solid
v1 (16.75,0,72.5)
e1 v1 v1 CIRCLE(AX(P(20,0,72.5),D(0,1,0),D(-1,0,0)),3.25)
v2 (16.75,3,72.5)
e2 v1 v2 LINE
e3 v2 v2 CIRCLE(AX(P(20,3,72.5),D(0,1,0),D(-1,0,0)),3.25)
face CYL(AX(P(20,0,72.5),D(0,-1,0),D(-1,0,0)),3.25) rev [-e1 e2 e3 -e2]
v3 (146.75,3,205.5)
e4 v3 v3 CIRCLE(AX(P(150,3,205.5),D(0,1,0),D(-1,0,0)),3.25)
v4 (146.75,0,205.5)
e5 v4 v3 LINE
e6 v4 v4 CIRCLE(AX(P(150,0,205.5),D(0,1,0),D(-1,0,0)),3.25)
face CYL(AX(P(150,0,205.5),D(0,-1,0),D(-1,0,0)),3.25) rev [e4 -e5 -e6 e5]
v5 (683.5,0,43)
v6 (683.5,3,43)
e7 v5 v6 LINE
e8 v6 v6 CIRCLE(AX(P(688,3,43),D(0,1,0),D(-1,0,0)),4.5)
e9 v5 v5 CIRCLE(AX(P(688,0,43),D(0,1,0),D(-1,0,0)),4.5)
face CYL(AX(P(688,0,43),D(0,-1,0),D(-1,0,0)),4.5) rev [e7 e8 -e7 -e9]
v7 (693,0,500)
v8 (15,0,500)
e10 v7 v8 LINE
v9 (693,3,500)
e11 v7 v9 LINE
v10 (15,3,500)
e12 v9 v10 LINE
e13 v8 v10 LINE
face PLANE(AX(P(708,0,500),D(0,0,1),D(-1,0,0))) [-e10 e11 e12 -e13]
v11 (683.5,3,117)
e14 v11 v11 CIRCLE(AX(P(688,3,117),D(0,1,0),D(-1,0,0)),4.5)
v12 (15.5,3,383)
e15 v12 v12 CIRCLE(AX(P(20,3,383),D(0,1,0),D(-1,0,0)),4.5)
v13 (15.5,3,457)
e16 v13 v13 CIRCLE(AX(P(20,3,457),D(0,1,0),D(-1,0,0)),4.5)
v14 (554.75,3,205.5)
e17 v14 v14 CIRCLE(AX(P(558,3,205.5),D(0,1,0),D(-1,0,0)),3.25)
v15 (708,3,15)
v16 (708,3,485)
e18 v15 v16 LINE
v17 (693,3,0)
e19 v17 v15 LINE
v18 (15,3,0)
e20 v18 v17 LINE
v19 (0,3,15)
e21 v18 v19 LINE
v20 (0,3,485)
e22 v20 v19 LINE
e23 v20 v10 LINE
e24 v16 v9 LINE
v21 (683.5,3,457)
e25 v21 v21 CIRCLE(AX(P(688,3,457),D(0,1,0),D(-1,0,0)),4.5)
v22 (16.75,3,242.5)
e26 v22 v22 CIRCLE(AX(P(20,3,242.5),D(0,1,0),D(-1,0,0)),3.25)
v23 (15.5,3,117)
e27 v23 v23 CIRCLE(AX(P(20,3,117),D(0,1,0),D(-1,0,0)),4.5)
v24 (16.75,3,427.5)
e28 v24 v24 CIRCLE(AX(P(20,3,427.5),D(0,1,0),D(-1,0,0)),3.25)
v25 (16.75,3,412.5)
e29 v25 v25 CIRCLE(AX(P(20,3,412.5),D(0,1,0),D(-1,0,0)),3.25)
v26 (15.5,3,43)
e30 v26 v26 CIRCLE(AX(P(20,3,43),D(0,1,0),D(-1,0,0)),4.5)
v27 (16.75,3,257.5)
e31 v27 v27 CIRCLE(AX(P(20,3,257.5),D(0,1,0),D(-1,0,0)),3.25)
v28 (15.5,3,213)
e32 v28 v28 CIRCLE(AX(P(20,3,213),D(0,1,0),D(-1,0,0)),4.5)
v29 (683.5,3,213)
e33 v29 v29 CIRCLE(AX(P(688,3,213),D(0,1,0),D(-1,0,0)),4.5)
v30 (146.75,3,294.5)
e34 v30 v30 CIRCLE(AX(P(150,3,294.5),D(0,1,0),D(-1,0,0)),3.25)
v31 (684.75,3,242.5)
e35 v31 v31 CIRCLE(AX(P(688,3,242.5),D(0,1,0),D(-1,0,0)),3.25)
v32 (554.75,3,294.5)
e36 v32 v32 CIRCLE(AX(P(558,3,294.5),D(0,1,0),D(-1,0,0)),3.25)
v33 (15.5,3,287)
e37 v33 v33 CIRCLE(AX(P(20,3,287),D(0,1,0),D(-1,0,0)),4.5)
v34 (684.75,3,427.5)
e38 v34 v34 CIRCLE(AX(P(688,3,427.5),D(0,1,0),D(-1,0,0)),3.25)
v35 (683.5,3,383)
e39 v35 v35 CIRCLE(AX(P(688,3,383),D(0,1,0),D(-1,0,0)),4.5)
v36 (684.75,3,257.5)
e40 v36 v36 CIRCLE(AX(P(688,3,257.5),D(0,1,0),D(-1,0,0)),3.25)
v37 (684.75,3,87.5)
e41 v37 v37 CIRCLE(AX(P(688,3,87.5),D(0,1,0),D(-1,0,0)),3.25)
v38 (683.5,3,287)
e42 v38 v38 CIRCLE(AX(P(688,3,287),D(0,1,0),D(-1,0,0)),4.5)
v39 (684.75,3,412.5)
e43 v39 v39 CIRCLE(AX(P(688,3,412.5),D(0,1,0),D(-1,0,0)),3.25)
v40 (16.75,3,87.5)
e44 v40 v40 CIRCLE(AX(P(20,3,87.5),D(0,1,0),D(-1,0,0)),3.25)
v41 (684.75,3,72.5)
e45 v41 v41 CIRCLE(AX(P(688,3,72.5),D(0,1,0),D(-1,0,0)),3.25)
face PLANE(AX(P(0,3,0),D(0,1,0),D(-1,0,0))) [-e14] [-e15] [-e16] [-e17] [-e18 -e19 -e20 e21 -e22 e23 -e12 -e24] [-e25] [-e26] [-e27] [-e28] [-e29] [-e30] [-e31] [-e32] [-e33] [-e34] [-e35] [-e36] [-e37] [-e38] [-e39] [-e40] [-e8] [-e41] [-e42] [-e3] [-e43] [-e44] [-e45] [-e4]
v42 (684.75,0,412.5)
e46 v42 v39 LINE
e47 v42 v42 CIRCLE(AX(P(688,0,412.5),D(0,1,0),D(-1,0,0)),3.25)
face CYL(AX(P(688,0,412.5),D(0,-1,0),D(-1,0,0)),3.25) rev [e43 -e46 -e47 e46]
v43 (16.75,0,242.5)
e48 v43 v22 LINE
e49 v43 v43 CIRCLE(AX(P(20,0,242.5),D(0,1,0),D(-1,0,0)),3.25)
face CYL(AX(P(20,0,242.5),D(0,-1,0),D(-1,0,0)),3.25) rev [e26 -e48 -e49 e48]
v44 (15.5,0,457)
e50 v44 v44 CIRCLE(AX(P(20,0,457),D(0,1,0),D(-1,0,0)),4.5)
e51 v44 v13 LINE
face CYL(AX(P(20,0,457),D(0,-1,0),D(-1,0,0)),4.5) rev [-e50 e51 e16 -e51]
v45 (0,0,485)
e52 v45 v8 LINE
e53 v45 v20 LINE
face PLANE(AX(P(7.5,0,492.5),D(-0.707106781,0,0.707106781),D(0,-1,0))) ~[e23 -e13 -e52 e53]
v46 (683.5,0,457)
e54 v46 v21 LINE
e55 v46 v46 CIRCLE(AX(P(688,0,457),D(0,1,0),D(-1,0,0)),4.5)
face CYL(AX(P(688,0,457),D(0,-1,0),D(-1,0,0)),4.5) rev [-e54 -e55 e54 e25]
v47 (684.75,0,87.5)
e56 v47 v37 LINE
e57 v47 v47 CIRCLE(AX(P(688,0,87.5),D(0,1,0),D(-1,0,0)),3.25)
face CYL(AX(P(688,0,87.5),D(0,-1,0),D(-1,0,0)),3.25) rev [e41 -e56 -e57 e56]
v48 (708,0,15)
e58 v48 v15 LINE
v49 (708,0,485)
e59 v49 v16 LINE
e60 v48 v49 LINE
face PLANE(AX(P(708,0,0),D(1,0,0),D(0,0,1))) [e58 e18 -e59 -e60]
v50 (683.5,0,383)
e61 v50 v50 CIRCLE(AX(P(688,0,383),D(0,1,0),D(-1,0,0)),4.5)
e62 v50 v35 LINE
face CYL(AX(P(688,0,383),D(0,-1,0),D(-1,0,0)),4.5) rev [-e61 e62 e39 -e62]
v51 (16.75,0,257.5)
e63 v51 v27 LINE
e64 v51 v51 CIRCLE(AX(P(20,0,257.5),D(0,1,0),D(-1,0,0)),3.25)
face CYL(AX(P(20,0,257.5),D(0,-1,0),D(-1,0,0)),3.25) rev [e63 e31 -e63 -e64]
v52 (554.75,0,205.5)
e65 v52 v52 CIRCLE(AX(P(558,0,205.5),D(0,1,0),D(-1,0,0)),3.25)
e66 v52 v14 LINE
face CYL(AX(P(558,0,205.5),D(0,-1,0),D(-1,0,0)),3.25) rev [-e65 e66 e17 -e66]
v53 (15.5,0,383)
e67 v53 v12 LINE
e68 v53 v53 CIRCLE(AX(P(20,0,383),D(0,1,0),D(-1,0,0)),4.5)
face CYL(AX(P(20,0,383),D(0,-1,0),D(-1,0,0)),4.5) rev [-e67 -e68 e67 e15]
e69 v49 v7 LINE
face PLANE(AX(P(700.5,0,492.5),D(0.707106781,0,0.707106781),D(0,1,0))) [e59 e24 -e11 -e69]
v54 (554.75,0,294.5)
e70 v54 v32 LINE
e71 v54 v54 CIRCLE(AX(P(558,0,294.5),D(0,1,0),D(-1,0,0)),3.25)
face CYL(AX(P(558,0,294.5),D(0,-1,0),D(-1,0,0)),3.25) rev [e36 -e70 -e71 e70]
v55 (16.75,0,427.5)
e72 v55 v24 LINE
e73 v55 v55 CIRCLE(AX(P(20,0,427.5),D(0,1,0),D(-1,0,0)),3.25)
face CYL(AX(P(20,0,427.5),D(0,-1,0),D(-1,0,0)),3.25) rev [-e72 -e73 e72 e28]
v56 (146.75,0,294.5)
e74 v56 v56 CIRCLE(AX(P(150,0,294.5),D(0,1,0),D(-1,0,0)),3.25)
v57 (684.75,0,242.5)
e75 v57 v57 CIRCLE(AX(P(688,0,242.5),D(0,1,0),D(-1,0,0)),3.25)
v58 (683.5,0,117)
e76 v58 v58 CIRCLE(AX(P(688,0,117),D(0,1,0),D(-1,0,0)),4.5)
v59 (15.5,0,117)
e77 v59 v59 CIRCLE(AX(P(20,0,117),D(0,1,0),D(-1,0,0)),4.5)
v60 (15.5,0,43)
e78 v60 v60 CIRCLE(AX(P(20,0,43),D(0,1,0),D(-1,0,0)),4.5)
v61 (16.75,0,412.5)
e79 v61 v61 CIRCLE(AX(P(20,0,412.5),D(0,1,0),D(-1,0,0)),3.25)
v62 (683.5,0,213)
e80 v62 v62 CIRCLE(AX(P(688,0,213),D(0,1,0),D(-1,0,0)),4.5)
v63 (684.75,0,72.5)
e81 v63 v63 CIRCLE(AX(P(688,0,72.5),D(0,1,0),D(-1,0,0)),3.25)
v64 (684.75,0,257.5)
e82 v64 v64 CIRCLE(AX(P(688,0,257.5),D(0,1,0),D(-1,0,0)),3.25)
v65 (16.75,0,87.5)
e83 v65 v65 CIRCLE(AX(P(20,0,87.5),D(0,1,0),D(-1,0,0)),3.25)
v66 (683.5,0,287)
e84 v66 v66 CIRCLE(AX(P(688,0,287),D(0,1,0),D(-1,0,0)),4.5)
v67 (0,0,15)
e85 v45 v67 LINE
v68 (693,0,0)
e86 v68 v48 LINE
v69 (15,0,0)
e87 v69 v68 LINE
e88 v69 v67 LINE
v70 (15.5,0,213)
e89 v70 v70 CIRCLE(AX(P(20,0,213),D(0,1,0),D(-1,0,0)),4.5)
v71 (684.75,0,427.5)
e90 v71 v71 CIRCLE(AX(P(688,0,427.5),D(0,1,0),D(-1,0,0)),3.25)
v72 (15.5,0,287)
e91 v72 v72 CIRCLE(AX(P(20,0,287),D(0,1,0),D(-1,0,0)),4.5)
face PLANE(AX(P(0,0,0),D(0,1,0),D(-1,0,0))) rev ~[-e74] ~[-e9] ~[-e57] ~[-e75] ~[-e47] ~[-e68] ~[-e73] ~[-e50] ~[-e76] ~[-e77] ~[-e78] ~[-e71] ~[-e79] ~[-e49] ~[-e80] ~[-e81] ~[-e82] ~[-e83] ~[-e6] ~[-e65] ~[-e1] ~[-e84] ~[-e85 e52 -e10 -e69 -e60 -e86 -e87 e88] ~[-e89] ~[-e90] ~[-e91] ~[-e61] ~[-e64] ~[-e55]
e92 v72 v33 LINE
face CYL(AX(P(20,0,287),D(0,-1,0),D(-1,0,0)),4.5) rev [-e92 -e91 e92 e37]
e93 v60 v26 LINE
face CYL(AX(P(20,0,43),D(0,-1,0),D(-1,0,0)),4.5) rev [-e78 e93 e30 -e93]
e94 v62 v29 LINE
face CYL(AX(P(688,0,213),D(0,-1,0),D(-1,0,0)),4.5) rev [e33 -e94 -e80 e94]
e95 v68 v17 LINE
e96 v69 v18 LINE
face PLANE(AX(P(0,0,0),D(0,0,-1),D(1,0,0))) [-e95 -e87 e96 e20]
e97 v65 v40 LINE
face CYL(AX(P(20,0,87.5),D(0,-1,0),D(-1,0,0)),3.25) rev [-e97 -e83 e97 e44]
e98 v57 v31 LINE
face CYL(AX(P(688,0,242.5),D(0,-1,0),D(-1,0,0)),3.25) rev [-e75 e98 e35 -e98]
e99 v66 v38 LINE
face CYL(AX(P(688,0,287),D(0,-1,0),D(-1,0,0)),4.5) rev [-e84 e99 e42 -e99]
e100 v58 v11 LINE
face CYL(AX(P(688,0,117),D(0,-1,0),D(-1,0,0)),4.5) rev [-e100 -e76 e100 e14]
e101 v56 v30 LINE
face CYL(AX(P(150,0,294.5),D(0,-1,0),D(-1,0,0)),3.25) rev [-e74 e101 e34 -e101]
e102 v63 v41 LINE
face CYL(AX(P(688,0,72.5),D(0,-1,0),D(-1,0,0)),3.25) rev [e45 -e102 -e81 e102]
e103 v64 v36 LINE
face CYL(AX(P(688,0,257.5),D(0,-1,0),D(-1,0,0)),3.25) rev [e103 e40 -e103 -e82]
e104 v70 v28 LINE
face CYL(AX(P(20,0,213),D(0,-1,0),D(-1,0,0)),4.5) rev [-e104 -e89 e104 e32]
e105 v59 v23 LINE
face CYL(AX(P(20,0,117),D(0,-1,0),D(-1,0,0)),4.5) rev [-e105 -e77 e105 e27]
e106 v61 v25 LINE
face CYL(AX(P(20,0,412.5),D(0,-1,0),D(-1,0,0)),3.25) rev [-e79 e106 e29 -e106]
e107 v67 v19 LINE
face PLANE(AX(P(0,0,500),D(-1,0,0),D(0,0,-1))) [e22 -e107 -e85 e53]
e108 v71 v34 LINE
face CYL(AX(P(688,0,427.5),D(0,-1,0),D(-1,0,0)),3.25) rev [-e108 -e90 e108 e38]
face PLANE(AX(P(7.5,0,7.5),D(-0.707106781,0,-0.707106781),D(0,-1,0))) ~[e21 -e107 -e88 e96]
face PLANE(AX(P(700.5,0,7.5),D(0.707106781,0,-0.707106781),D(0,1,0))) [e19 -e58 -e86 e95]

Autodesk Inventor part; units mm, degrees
ref_plane "YZ Plane" through (0, 0, 0) normal (1, 0, 0) x (0, 1, 0)
ref_plane "XZ Plane" through (0, 0, 0) normal (0, 1, 0) x (-1, 0, 0)
ref_plane "XY Plane" through (0, 0, 0) normal (0, 0, 1) x (1, 0, 0)
sketch "Skizze1" plane through (0, 0, 0) normal (0, 1, 0) x (-1, 0, 0)
  line L0 (0, 0) -> (-708, 0)
  line L1 (-708, 0) -> (-708, 500)
  line L2 (-708, 500) -> (0, 500)
  line L3 (0, 500) -> (0, 0)
  line L4 (-354, 0) -> (-354, 500) construction
  line L5 (0, 250) -> (-708, 250) construction
  line L6 (-150, 0) -> (-150, 500) construction
  line L7 (-558, 0) -> (-558, 500) construction
  line L8 (-708, 420) -> (0, 420) construction
  line L9 (0, 80) -> (-708, 80) construction
  line L10 (-688, 480) -> (-688, 20) construction
  line L11 (-688, 20) -> (-20, 20) construction
  line L12 (-20, 20) -> (-20, 480) construction
  line L13 (-20, 480) -> (-688, 480) construction
  line L14 (-28, 372.5) -> (-12, 372.5) construction
  line L15 (-12, 372.5) -> (-12, 467.5) construction
  line L16 (-12, 467.5) -> (-28, 467.5) construction
  line L17 (-28, 467.5) -> (-28, 372.5) construction
  line L18 (-28, 372.5) -> (-12, 467.5) construction
  line L19 (-12, 372.5) -> (-28, 467.5) construction
  line L20 (-102.5, 488) -> (-197.5, 488) construction
  line L21 (-197.5, 488) -> (-197.5, 472) construction
  line L22 (-197.5, 472) -> (-102.5, 472) construction
  line L23 (-102.5, 472) -> (-102.5, 488) construction
  line L24 (-102.5, 488) -> (-197.5, 472) construction
  line L25 (-197.5, 488) -> (-102.5, 472) construction
  line L26 (-306.5, 488) -> (-401.5, 488) construction
  line L27 (-401.5, 488) -> (-401.5, 472) construction
  line L28 (-401.5, 472) -> (-306.5, 472) construction
  line L29 (-306.5, 472) -> (-306.5, 488) construction
  line L30 (-306.5, 488) -> (-401.5, 472) construction
  line L31 (-401.5, 488) -> (-306.5, 472) construction
  circle A0 centre (-20, 412.5) radius 3.25
  circle A1 centre (-20, 383) radius 4.5
  circle A2 centre (-20, 427.5) radius 3.25
  circle A3 centre (-20, 457) radius 4.5
  circle A4 centre (-142.5, 480) radius 3.25
  circle A5 centre (-113, 480) radius 4.5
  circle A6 centre (-317, 480) radius 4.5
  circle A7 centre (-346.5, 480) radius 3.25
  circle A8 centre (-157.5, 480) radius 3.25
  circle A9 centre (-187, 480) radius 4.5
  circle A10 centre (-391, 480) radius 4.5
  circle A11 centre (-361.5, 480) radius 3.25
  circle A12 centre (-688, 412.5) radius 3.25
  circle A13 centre (-688, 383) radius 4.5
  circle A14 centre (-688, 457) radius 4.5
  circle A15 centre (-688, 427.5) radius 3.25
  circle A16 centre (-565.5, 480) radius 3.25
  circle A17 centre (-595, 480) radius 4.5
  circle A18 centre (-550.5, 480) radius 3.25
  circle A19 centre (-521, 480) radius 4.5
  circle A20 centre (-20, 43) radius 4.5
  circle A21 centre (-20, 72.5) radius 3.25
  circle A22 centre (-150, 205.5) radius 3.25
  line L32 (-138.5, 196) -> (-161.5, 196) construction
  line L33 (-161.5, 196) -> (-161.5, 304) construction
  line L34 (-161.5, 304) -> (-138.5, 304) construction
  line L35 (-138.5, 304) -> (-138.5, 196) construction
  line L36 (-138.5, 196) -> (-161.5, 304) construction
  line L37 (-161.5, 196) -> (-138.5, 304) construction
  circle A23 centre (-150, 294.5) radius 3.25
  circle A24 centre (-558, 205.5) radius 3.25
  circle A25 centre (-558, 294.5) radius 3.25
  circle A26 centre (-20, 117) radius 4.5
  circle A27 centre (-20, 87.5) radius 3.25
  circle A28 centre (-688, 43) radius 4.5
  circle A29 centre (-688, 72.5) radius 3.25
  circle A30 centre (-688, 87.5) radius 3.25
  circle A31 centre (-688, 117) radius 4.5
  circle A32 centre (-20, 213) radius 4.5
  circle A33 centre (-20, 242.5) radius 3.25
  circle A34 centre (-20, 257.5) radius 3.25
  circle A35 centre (-20, 287) radius 4.5
  circle A36 centre (-688, 242.5) radius 3.25
  circle A37 centre (-688, 213) radius 4.5
  circle A38 centre (-688, 287) radius 4.5
  circle A39 centre (-688, 257.5) radius 3.25
  point P0 (-20, 420)
  point P1 (-150, 480)
  point P2 (-354, 480)
  point P3 (-150, 250)
  dimension "d0" = 708
  dimension "d1" = 500
  dimension "d2" = 80
  dimension "d3" = 80
  dimension "d4" = 150
  dimension "d5" = 150
  dimension "d6" = 20
  dimension "d7" = 16
  dimension "d8" = 95
  dimension "d9" = 95
  dimension "d10" = 16
  dimension "d11" = 95
  dimension "d12" = 16
  dimension "d13" = 6.5
  dimension "d14" = 7.5
  dimension "d15" = 9
  dimension "d16" = 37
  dimension "d17" = 6.5
  dimension "d18" = 9
  dimension "d19" = 7.5
  dimension "d20" = 37
  dimension "d21" = 6.5
  dimension "d22" = 9
  dimension "d23" = 7.5
  dimension "d24" = 37
  dimension "d30" = 6.5
  dimension "d31" = 44.5
  dimension "d32" = 23
  dimension "d33" = 108
  dimension "d34" = 6.5
  dimension "d35" = 9
  dimension "d36" = 7.5
  dimension "d37" = 37
  dimension "d38" = 6.5
  dimension "d39" = 9
  dimension "d42" = 7.5
  dimension "d43" = 37
extrude "Extrusion1" add sketch "Skizze1" along normal blind 3 contours L0 L1 L2 L3 | A4 | A5 | A6 | A7 | A8 | A9 | A10 | A11 | A16 | A17 | A18 | A19
chamfer "Fase1" distance 15 angle 45 4 edges at (0, 1.5, 500) (708, 1.5, 500) (708, 1.5, 0) (0, 1.5, 0)
equation "\"d5\" = d4"
equation "\"d17\" = d13"
equation "\"d18\" = d15"
equation "\"d19\" = d14"
equation "\"d20\" = d16"
equation "\"d21\" = d13"
equation "\"d22\" = d15"
equation "\"d23\" = d14"
equation "\"d24\" = d16"
equation "\"d34\" = d13"
equation "\"d35\" = d15"
equation "\"d36\" = d14"
equation "\"d37\" = d16"
equation "\"d38\" = d13"
equation "\"d39\" = d15"
equation "\"d42\" = d14"
equation "\"d43\" = d16"
properties part number "enc-SidePanel 500x708"
